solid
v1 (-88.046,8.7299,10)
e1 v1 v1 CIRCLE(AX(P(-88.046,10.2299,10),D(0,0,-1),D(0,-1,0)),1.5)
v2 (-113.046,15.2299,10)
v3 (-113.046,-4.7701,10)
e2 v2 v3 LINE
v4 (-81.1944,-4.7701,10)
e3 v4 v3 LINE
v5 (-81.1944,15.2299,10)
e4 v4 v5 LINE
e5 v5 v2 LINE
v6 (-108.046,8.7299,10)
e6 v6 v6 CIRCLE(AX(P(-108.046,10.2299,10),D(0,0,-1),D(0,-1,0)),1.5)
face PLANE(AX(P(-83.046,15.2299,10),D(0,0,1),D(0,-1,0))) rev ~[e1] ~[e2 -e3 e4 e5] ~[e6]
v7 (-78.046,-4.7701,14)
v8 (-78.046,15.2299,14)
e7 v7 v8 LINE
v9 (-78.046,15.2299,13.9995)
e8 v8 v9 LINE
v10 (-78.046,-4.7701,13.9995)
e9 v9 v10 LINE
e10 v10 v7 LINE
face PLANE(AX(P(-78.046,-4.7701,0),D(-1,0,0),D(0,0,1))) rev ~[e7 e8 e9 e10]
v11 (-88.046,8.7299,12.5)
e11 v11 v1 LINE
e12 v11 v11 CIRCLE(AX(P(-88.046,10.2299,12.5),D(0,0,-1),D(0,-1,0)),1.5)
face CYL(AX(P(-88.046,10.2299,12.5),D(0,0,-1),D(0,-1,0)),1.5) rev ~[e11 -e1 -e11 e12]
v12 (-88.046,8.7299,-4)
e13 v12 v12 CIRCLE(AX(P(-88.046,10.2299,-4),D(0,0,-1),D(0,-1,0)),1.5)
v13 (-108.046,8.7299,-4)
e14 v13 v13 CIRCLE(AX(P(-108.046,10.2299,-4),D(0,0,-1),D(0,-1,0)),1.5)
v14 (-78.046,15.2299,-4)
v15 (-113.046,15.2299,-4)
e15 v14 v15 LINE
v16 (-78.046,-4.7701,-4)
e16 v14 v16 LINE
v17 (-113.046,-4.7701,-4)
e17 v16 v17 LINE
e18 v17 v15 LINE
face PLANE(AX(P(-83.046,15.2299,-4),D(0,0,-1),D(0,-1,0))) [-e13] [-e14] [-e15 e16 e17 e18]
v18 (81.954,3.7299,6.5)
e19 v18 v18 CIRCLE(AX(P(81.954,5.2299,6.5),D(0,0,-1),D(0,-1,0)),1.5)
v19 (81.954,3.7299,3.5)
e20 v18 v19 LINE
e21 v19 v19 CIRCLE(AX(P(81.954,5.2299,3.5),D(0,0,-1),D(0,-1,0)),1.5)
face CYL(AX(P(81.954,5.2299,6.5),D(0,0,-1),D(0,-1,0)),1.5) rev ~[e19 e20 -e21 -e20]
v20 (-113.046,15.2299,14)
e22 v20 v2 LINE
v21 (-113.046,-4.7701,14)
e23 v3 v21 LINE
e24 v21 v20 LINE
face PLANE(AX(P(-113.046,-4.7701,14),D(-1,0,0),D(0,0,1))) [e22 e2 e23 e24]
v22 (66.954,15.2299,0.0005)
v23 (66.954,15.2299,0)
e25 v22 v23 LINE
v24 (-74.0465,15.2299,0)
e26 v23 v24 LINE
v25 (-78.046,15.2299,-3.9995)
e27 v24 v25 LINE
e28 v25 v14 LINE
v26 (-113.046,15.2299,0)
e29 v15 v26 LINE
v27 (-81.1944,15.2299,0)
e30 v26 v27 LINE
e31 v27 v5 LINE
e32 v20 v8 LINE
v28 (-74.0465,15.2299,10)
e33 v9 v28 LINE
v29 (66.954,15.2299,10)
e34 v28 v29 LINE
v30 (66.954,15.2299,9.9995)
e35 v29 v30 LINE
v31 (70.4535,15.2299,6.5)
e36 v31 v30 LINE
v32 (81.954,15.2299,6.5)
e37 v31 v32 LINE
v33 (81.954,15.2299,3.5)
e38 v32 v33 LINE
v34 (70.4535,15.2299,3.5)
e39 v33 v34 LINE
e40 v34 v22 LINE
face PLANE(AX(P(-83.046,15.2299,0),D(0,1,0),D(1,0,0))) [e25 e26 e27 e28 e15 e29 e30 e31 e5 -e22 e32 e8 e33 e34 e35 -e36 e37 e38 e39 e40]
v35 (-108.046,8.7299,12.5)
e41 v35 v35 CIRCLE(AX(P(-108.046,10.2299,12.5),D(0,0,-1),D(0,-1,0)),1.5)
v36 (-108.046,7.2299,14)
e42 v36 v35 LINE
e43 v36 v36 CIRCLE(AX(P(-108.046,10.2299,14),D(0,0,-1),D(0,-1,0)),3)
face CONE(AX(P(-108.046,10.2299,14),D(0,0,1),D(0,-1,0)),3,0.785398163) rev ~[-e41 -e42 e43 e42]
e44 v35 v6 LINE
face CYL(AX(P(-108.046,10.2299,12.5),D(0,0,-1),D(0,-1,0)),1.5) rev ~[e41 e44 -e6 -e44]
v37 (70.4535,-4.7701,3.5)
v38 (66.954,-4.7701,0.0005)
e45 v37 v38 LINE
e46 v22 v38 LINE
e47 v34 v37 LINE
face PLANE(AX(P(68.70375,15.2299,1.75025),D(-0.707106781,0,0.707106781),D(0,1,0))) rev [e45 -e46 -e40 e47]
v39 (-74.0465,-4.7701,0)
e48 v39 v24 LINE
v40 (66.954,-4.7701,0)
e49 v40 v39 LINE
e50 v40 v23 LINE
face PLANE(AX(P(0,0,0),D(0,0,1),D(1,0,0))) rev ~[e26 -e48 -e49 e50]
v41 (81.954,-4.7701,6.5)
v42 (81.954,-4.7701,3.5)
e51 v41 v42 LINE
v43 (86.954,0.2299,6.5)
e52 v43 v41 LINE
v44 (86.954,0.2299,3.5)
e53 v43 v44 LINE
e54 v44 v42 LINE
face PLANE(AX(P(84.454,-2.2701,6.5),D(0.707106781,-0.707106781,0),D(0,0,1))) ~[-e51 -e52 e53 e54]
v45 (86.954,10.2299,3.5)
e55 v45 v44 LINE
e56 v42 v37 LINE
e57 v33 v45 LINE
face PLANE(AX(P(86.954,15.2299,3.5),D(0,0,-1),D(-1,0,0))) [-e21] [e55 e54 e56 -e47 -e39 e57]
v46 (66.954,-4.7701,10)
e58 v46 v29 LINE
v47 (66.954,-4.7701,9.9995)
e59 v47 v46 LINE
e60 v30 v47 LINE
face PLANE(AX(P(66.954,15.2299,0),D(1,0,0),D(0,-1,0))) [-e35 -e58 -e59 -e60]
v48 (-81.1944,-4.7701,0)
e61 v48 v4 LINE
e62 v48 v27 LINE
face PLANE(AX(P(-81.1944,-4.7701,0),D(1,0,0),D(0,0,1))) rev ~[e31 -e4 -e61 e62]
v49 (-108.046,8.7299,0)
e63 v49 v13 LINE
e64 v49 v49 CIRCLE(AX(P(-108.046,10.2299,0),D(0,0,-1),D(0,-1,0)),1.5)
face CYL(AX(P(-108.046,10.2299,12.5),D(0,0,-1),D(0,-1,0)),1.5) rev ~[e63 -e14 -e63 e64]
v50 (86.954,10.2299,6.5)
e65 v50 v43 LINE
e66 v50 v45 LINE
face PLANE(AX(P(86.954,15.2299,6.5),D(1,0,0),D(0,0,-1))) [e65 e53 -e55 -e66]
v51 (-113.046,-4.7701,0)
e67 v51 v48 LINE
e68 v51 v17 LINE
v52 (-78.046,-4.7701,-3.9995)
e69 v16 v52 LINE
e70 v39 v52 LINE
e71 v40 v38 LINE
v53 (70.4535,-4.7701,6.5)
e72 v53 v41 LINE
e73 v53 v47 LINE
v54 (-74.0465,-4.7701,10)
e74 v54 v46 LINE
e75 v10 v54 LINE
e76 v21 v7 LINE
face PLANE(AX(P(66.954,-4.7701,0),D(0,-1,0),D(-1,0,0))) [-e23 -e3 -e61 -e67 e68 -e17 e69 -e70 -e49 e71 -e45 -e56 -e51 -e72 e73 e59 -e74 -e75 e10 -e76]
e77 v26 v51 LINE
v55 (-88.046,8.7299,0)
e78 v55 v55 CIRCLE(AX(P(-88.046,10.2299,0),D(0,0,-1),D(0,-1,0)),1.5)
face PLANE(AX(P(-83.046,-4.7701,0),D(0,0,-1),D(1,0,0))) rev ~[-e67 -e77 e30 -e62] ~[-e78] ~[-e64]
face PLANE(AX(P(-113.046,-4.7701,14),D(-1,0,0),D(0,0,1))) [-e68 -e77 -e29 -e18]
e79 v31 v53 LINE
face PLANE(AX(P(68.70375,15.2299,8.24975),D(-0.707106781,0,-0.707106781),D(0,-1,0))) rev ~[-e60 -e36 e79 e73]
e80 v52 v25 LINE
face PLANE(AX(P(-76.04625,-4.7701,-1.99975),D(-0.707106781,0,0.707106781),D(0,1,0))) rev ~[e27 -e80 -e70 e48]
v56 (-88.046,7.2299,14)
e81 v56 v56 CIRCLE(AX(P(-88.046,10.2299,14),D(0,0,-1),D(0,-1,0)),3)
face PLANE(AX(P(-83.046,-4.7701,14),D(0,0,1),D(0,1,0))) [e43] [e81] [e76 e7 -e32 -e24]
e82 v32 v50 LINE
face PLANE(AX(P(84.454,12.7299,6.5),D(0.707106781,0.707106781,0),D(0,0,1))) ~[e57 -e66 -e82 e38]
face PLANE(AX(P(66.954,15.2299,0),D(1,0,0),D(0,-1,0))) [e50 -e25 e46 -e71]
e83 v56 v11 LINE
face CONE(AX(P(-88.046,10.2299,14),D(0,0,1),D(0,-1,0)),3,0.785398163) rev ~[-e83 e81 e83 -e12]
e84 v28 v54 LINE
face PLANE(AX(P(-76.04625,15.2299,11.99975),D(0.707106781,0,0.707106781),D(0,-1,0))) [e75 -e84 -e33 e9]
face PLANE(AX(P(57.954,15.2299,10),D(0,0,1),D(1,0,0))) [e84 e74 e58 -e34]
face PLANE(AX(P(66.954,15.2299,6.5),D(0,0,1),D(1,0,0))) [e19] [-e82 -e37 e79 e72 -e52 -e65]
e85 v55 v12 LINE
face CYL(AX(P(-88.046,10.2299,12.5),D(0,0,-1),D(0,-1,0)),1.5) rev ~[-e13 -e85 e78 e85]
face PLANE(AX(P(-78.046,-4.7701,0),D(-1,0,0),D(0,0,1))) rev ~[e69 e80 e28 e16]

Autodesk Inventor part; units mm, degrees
ref_plane "YZ Plane" through (0, 0, 0) normal (1, 0, 0) x (0, 1, 0)
ref_plane "XZ Plane" through (0, 0, 0) normal (0, 1, 0) x (-1, 0, 0)
ref_plane "XY Plane" through (0, 0, 0) normal (0, 0, 1) x (1, 0, 0)
sketch "Sketch1" plane through (0, 0, 0) normal (0, 0, 1) x (1, 0, 0)
  line L0 (-83.046, 15.2299) -> (66.954, 15.2299)
  line L1 (66.954, 15.2299) -> (66.954, -4.7701)
  line L2 (66.954, -4.7701) -> (-83.046, -4.7701)
  line L3 (-83.046, -4.7701) -> (-83.046, 15.2299)
  point P0 (0, 0)
  dimension "d0" = 150
  dimension "d1" = 20
extrude "Extrusion1" add sketch "Sketch1" along normal blind 10
sketch "Sketch2" plane through (-83.046, -4.7701, 0) normal (-1, 0, 0) x (0, 0, 1)
  point P0 (0, 4.7701)
sketch "Sketch3" plane through (-83.046, -4.7701, 0) normal (-1, 0, 0) x (0, 0, 1)
  line L0 (0, 20) -> (-4, 20)
  line L1 (-4, 20) -> (-4, 0)
  line L2 (-4, 0) -> (0, 0)
  line L3 (0, 0) -> (0, 20)
  line L4 (10, 0) -> (14, 0)
  line L5 (14, 0) -> (14, 20)
  line L6 (14, 20) -> (10, 20)
  line L7 (10, 20) -> (10, 0)
  line L8 (0, 0) -> (10, 0) projected
  line L9 (10, 20) -> (10, 0) projected
  point P0 (0, 4.7701)
  dimension "d4" = 4
  dimension "d5" = 4
extrude "Extrusion2" add sketch "Sketch3" against normal blind 5
sketch "Sketch4" plane through (-83.046, -4.7701, 14) normal (-1, 0, 0) x (0, 0, 1)
  line L0 (-18, 20) -> (-14, 20)
  line L1 (-14, 20) -> (-14, 0)
  line L2 (-14, 0) -> (-18, 0)
  line L3 (-18, 0) -> (-18, 20)
  line L4 (0, 20) -> (-4, 20)
  line L5 (-4, 20) -> (-4, 0)
  line L6 (-4, 0) -> (0, 0)
  line L7 (0, 0) -> (0, 20)
  point P0 (-14, 4.7701)
extrude "Extrusion3" add sketch "Sketch4" along normal blind 30
sketch "Sketch5" plane through (-78.046, -4.7701, 14) normal (0, 0, 1) x (1, 0, 0)
  line L0 (-35, 0) -> (-35, 20) projected
  line L1 (-5, 20) -> (-35, 20) projected
  line L2 (-5, 0) -> (-5, 20) projected
  point P0 (78.046, 4.7701)
  point P1 (-30, 15)
  point P2 (-10, 15)
  dimension "d10" = 5
  dimension "d11" = 5
  dimension "d12" = 5
  dimension "d13" = 5
hole "Hole1" at (-108.046, 10.2299, 14) at (-88.046, 10.2299, 14) direction (0, 0, -1) diameter 3 depth 30 tip angle 118 countersink diameter 6 countersink angle 90
chamfer "Chamfer1" distance 4 angle 45 2 edges at (-78.046, 5.2299, 10) (-78.046, 5.2299, 0)
sketch "Sketch6" plane through (66.954, -4.7701, 0) normal (0, -1, 0) x (1, 0, 0)
  line L0 (0, -4) -> (-5, -4)
  line L1 (-5, -4) -> (-5, 14)
  line L2 (-5, 14) -> (0, 14)
  line L3 (0, 14) -> (0, -4)
  line L4 (0, 0) -> (-141, 0) projected
  line L5 (-141, 10) -> (0, 10) projected
  line L6 (0, 0) -> (0, 10) projected
  point P0 (-66.954, 0)
  dimension "d24" = 4
  dimension "d25" = 4
  dimension "d26" = 5
extrude "Extrusion4" add sketch "Sketch6" against normal blind 20
sketch "Sketch7" plane through (-113.046, -4.7701, 10) normal (0, -1, 0) x (1, 0, 0)
  line L0 (180, -14) -> (210, -14)
  line L1 (210, -14) -> (210, -10)
  line L2 (210, -10) -> (180, -10)
  line L3 (180, -10) -> (180, -14)
  line L4 (180, 4) -> (210, 4)
  line L5 (210, 4) -> (210, 0)
  line L6 (210, 0) -> (180, 0)
  line L7 (180, 0) -> (180, 4)
  point P0 (113.046, -10)
  dimension "d29" = 30
  dimension "d30" = 30
  dimension "d31" = 4
  dimension "d32" = 4
extrude "Extrusion5" add sketch "Sketch7" against normal blind 20
chamfer "Chamfer2" distance 4 angle 45 2 edges at (61.954, 5.2299, 10) (61.954, 5.2299, 0)
sketch "Sketch8" plane through (96.954, -4.7701, 14) normal (0, 0, 1) x (1, 0, 0)
  line L0 (-30, 20) -> (-30, 0) projected
  line L1 (0, 0) -> (0, 20) projected
  line L2 (-35, 20) -> (0, 20) projected
  line L3 (-35, 0) -> (0, 0) projected
  circle A0 centre (-25, 5) radius 2
  circle A1 centre (-25, 15) radius 2
  circle A2 centre (-5, 5) radius 2
  circle A3 centre (-5, 15) radius 2
  line L4 (-25, 3) -> (-5, 3)
  line L5 (-5, 7) -> (-25, 7)
  line L6 (-25, 13) -> (-5, 13)
  line L7 (-5, 17) -> (-25, 17)
  point P0 (-96.954, 4.7701)
  dimension "d38" = 5
  dimension "d39" = 5
  dimension "d40" = 5
  dimension "d41" = 5
  dimension "d42" = 5
  dimension "d43" = 5
  dimension "d44" = 5
  dimension "d45" = 5
  dimension "d46" = 4
  dimension "d47" = 4
  dimension "d48" = 4
  dimension "d49" = 4
extrude "Extrusion6" cut sketch "Sketch8" against normal blind 20 contours A0 | A0 L5 A2 L4 | A2 | A1 | A1 L7 A3 L6 | A3
sketch "Sketch9" plane through (-113.046, -4.7701, 10) normal (0, -1, 0) x (1, 0, 0)
  line L0 (30, -10) -> (31.8516, -10)
  line L1 (31.8516, -10) -> (31.8516, 0)
  line L2 (31.8516, 0) -> (30, 0)
  line L3 (30, 0) -> (30, -10)
  line L4 (30, 0) -> (0, 0) projected
  point P0 (113.046, -10)
  dimension "d52" = 1.8516
extrude "Extrusion7" cut sketch "Sketch9" against normal blind 20
sketch "Sketch10" plane through (-113.046, 15.2299, 14) normal (0, 1, 0) x (1, 0, 0)
  line L0 (171, 4) -> (210, 4)
  line L1 (210, 4) -> (210, 0)
  line L2 (210, 0) -> (171, 0)
  line L3 (171, 0) -> (171, 4)
  line L4 (210, 18) -> (171, 18)
  line L5 (171, 18) -> (171, 14)
  line L6 (171, 14) -> (210, 14)
  line L7 (210, 14) -> (210, 18)
  line L8 (180, 14) -> (210, 14) projected
  point P0 (113.046, 14)
extrude "Extrusion8" cut sketch "Sketch10" against normal blind 20
sketch "Sketch11" plane through (66.954, 15.2299, 10) normal (0, 1, 0) x (1, 0, 0)
  line L0 (0, 0) -> (0, 10) projected
  line L1 (0, 3.5) -> (20, 3.5)
  line L2 (20, 3.5) -> (20, 6.5)
  line L3 (20, 6.5) -> (0, 6.5)
  line L4 (0, 6.5) -> (0, 3.5)
  line L5 (0, 0) -> (-141, 0) projected
  point P0 (-66.954, 10)
  dimension "d57" = 3
  dimension "d58" = 3.5
  dimension "d59" = 20
extrude "Extrusion9" add sketch "Sketch11" against normal blind 20
sketch "Sketch12" plane through (66.954, 15.2299, 6.5) normal (0, 0, 1) x (1, 0, 0)
  line L0 (20, -20) -> (0, -20) projected
  line L1 (20, 0) -> (20, -20) projected
  point P0 (-66.954, -15.2299)
  point P1 (15, -10)
  dimension "d62" = 10
  dimension "d63" = 5
hole "Hole2" at (81.954, 5.2299, 6.5) direction (0, 0, -1) diameter 3 depth 8 tip angle 118
chamfer "Chamfer3" distance 5 angle 45 2 edges at (86.954, -4.7701, 5) (86.954, 15.2299, 5)
chamfer "Chamfer4" distance 3.5 angle 45 2 edges at (66.954, 5.2299, 6.5) (66.954, 5.2299, 3.5)
properties part number "Upper Support beam v2"
